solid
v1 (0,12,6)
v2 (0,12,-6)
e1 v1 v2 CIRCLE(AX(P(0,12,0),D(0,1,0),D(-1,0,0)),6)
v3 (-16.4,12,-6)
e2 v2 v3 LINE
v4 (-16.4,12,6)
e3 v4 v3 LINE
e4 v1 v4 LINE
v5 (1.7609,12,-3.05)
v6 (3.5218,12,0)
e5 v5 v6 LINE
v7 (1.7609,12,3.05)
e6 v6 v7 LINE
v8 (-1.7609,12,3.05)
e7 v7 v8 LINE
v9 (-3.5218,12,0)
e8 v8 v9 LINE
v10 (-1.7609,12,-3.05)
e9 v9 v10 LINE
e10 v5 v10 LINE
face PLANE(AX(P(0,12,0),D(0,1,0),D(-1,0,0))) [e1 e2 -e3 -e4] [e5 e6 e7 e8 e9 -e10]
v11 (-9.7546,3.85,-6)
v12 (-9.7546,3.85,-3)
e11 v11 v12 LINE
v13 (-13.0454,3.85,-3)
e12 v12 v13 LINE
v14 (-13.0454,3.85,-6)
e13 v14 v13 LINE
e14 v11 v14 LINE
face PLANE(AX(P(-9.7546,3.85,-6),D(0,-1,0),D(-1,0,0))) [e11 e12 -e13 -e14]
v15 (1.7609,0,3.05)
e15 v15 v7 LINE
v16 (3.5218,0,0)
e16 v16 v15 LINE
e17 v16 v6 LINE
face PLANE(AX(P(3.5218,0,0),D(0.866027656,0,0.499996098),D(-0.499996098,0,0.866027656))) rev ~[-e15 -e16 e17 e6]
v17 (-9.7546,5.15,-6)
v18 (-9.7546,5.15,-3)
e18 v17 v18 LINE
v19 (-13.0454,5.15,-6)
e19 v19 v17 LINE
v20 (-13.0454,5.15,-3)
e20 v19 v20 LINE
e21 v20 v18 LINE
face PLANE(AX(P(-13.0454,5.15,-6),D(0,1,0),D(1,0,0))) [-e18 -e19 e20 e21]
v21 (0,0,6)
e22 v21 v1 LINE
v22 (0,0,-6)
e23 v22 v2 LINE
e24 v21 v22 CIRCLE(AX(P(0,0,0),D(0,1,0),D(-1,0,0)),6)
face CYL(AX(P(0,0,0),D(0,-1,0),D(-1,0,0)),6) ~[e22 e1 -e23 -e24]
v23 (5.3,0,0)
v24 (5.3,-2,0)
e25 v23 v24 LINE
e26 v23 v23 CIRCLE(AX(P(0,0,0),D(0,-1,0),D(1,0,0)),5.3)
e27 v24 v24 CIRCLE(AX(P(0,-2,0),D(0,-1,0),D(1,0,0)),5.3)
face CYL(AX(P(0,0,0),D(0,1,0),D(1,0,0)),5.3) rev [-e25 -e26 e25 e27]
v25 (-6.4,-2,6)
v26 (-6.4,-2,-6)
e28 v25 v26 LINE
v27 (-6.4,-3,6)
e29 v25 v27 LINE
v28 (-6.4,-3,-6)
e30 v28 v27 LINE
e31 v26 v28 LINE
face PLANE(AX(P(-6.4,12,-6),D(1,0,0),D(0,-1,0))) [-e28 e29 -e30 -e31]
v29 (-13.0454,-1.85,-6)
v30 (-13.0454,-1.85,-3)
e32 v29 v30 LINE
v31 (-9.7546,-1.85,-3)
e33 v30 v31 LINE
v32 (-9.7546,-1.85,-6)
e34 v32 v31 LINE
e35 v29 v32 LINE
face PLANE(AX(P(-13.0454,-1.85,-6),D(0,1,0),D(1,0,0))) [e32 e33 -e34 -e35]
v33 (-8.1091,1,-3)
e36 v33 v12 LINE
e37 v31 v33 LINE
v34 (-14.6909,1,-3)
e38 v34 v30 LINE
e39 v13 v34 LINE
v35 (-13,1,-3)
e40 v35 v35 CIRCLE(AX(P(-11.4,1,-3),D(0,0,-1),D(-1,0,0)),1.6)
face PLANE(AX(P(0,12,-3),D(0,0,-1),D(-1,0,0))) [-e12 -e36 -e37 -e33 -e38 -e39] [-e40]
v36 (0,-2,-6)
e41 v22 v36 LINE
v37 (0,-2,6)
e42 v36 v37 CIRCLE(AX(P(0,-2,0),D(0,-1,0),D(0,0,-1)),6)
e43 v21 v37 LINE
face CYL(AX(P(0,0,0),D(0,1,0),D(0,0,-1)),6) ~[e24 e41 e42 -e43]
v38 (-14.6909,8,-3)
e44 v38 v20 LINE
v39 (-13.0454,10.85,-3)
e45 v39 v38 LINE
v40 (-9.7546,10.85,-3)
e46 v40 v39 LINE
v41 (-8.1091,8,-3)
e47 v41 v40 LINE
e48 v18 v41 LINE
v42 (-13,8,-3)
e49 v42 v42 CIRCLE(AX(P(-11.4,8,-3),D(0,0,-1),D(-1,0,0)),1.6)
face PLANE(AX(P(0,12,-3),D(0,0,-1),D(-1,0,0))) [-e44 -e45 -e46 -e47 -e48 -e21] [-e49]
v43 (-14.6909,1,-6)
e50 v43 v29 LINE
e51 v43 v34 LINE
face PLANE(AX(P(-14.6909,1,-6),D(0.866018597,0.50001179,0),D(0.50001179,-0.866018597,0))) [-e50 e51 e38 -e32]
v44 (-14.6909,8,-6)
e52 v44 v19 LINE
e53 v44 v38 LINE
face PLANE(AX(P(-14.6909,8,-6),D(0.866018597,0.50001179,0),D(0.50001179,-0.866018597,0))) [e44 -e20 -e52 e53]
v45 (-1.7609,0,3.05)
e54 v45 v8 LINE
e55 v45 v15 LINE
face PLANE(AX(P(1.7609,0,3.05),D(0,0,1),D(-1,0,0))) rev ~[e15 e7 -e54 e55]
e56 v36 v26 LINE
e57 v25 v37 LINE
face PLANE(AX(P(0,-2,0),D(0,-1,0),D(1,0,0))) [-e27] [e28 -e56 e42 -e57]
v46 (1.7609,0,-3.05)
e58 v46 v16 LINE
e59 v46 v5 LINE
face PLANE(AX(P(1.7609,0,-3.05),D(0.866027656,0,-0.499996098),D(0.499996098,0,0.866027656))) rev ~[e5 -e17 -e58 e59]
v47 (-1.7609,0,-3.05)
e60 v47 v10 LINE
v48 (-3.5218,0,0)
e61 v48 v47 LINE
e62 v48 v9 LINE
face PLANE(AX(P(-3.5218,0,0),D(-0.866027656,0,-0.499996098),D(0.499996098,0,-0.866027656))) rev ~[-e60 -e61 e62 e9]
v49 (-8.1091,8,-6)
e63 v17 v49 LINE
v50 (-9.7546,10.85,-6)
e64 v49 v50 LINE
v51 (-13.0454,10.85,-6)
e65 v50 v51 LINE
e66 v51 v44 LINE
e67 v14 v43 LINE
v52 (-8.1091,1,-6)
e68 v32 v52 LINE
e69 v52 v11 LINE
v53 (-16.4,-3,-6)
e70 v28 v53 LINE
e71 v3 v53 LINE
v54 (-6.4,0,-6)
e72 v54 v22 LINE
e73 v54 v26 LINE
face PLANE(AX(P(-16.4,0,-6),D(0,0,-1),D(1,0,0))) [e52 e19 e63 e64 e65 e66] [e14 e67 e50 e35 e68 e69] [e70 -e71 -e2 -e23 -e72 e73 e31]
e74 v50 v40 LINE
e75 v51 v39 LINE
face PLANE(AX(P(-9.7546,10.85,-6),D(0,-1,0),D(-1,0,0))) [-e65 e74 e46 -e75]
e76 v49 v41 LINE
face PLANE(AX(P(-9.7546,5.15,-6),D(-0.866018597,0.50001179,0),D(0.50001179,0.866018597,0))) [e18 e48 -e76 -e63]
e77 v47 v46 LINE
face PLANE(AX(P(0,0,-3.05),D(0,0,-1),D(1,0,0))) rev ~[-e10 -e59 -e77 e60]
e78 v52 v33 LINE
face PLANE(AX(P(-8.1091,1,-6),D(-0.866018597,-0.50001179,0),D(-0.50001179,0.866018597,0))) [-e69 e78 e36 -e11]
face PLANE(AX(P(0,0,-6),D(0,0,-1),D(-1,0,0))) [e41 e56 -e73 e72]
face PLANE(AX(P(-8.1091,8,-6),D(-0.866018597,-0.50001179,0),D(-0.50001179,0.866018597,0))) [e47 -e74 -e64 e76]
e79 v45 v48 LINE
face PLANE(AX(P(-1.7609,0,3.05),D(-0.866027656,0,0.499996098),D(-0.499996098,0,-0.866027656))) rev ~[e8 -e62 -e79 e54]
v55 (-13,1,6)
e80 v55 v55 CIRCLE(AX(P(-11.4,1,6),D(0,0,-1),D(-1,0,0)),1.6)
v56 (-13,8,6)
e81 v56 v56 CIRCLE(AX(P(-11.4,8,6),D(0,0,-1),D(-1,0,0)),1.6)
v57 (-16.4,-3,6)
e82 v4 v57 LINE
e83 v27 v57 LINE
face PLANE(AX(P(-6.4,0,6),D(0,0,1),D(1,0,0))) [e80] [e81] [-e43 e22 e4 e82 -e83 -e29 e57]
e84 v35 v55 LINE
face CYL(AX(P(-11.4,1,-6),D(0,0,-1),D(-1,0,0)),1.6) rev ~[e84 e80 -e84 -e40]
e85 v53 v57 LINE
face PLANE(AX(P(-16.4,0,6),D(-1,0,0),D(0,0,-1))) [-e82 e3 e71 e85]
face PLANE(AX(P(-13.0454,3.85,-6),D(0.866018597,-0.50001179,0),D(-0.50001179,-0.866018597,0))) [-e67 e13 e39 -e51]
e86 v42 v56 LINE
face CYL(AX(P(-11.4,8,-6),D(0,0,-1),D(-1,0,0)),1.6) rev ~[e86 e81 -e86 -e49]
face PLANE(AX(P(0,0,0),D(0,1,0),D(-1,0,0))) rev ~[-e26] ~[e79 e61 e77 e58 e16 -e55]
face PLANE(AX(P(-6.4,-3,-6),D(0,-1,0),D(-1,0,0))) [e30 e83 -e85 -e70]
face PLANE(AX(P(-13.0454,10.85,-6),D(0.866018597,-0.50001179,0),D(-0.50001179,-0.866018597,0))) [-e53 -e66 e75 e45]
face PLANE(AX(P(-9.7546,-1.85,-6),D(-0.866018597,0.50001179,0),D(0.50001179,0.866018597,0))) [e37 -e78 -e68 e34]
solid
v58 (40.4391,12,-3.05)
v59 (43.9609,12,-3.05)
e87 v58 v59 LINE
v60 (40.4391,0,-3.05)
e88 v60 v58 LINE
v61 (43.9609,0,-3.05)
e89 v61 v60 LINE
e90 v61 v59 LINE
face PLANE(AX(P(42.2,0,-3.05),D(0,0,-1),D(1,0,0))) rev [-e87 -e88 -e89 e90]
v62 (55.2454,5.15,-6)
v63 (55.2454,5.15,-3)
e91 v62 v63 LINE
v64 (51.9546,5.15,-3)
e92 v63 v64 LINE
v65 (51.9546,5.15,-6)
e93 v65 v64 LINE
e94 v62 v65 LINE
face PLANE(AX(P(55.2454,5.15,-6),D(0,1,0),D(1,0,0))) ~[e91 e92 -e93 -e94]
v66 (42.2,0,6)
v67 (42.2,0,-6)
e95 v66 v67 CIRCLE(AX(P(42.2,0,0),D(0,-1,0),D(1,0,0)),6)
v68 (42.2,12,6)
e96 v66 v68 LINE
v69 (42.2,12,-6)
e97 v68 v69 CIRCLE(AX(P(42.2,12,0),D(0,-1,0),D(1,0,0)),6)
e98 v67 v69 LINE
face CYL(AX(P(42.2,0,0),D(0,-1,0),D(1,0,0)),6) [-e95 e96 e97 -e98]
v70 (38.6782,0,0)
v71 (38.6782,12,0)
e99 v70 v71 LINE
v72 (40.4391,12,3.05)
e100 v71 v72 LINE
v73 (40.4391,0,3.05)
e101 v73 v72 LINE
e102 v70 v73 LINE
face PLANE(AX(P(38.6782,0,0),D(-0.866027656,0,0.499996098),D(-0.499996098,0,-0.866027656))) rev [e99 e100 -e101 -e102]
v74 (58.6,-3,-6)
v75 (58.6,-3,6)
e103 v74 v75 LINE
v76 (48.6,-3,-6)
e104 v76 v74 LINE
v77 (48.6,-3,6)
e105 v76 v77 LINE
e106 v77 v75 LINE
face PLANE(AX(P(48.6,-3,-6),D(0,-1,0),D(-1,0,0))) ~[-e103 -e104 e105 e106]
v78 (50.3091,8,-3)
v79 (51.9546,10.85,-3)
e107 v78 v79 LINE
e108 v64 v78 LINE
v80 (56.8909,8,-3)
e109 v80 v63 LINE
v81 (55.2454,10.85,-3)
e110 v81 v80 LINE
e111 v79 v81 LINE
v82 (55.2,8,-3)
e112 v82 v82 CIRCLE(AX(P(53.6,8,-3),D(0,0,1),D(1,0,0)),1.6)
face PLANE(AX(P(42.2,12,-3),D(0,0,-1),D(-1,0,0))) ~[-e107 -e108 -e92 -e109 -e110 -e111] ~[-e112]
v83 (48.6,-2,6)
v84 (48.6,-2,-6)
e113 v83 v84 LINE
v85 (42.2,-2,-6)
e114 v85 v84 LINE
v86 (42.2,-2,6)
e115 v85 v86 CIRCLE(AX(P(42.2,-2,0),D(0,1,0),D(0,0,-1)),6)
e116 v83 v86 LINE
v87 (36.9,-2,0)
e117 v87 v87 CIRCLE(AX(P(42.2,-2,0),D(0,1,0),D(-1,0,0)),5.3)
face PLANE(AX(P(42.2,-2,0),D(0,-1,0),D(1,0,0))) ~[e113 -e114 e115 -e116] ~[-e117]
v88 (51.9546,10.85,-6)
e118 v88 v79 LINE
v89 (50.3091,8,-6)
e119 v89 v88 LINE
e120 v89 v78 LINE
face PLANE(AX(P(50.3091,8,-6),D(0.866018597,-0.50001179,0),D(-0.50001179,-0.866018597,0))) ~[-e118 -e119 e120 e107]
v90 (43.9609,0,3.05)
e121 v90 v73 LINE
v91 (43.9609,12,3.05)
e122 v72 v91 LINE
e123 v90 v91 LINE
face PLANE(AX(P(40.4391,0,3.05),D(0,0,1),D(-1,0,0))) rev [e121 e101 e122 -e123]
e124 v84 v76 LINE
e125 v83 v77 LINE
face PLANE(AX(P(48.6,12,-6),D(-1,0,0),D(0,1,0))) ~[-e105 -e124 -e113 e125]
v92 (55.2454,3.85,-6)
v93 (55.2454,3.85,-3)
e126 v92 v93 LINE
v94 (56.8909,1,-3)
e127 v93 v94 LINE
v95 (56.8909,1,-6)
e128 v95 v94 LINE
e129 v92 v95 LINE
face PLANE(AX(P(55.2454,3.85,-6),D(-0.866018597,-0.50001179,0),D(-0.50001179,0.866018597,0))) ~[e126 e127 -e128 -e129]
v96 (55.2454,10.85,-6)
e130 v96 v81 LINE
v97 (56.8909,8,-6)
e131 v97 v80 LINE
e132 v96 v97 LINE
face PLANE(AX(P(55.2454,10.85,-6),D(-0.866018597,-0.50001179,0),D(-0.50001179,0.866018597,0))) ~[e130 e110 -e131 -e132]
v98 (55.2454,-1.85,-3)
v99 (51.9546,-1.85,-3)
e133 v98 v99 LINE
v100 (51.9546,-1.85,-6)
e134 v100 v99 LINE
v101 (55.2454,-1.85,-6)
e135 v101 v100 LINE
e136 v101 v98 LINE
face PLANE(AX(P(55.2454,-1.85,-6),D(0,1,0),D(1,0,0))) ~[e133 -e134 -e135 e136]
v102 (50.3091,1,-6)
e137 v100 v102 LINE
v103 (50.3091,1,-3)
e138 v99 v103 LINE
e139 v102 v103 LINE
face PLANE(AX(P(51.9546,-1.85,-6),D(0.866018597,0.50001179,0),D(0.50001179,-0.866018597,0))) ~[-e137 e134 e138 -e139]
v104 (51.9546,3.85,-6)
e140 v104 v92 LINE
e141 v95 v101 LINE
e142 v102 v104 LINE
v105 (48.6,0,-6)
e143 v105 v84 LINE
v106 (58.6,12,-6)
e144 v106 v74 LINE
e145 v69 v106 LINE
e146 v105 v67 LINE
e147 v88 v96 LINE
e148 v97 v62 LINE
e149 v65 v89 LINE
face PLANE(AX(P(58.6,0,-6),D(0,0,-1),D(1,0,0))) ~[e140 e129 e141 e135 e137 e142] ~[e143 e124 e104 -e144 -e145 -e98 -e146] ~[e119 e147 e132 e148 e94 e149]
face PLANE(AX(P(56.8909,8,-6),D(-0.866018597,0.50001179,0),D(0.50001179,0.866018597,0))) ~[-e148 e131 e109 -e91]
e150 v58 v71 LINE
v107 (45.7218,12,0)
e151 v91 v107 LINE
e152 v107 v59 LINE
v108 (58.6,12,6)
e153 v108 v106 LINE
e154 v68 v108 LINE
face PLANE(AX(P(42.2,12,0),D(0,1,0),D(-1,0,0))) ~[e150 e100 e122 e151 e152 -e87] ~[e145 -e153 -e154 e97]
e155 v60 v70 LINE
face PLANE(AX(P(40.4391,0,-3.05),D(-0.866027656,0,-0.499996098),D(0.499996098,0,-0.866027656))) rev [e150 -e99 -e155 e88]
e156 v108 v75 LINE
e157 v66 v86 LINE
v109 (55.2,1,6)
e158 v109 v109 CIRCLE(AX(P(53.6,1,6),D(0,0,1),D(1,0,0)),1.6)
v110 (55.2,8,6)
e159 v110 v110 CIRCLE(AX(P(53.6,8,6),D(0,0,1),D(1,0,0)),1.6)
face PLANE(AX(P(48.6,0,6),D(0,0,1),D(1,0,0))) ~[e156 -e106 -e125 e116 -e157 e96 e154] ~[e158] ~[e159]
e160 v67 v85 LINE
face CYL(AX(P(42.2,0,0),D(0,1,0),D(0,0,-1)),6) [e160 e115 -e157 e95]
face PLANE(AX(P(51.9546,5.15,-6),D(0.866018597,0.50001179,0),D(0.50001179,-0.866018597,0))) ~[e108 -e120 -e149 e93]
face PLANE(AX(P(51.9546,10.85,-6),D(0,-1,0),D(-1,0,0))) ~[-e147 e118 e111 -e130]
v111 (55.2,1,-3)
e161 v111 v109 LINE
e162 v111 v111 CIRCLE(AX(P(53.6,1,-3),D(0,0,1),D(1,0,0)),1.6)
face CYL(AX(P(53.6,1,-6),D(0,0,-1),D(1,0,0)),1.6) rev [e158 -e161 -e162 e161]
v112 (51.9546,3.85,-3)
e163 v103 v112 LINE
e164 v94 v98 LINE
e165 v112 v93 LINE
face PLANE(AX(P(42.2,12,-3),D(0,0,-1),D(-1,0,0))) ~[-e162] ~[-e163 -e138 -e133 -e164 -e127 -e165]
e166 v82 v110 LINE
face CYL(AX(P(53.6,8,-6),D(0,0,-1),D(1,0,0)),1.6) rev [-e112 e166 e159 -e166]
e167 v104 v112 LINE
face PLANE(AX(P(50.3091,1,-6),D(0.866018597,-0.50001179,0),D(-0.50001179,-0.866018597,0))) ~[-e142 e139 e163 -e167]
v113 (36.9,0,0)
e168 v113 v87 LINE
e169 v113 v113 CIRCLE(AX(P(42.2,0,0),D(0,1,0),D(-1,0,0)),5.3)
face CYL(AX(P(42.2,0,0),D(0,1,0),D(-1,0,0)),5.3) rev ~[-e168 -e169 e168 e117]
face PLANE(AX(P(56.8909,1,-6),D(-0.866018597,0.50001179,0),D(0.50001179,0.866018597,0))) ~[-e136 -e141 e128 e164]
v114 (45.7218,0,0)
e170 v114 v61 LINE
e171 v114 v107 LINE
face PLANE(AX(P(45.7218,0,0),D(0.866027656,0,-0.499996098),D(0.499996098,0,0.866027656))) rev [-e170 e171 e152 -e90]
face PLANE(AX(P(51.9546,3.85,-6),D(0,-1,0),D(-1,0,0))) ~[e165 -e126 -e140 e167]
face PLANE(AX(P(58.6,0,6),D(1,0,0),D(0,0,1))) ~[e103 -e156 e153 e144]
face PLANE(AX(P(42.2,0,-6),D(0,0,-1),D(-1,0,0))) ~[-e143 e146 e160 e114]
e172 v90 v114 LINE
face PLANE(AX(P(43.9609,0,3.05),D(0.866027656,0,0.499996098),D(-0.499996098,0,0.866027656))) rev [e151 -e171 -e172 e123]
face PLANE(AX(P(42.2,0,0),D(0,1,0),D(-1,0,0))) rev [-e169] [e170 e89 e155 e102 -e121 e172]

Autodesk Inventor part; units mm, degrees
ref_plane "YZ Plane" through (0, 0, 0) normal (1, 0, 0) x (0, 1, 0)
ref_plane "XZ Plane" through (0, 0, 0) normal (0, 1, 0) x (-1, 0, 0)
sketch "スケッチ1" plane through (0, 0, 0) normal (0, 1, 0) x (-1, 0, 0)
  line L0 (-3.5218, 0) -> (-1.7609, 3.05)
  line L1 (-1.7609, 3.05) -> (1.7609, 3.05)
  line L2 (1.7609, 3.05) -> (3.5218, 0)
  line L3 (3.5218, 0) -> (1.7609, -3.05)
  line L4 (1.7609, -3.05) -> (-1.7609, -3.05)
  line L5 (-1.7609, -3.05) -> (-3.5218, 0)
  circle A0 centre (0, 0) radius 6
  line L6 (0, 6) -> (16.4, 6)
  line L7 (16.4, 6) -> (16.4, -6)
  line L8 (16.4, -6) -> (0, -6)
  line L9 (0, -6) -> (0, 6)
  point P0 (0, -6)
  dimension "d1" = 12
  dimension "d0" = 6.1
  dimension "d2" = 16.4
extrude "押し出し1" add sketch "スケッチ1" along normal blind 12 contours L5 L4 L9 A0 L1 L0 | L9 A0 L4 L3 L2 L1 | L6 L7 L8 A0
sketch "スケッチ2" plane through (0, 0, -6) normal (0, 0, -1) x (-1, 0, 0)
  line L0 (0, 12) -> (16.4, 12) projected
  line L1 (16.4, 12) -> (6.4, 12)
  line L2 (6.4, 12) -> (6.4, -3)
  line L3 (6.4, -3) -> (16.4, -3)
  line L4 (16.4, -3) -> (16.4, 12)
  point P0 (0, 0)
  dimension "d5" = 10
  dimension "d6" = 15
extrude "押し出し2" add sketch "スケッチ2" against normal up to surface (12 mm away)
sketch "スケッチ3" plane through (0, 12, -6) normal (0, 0, -1) x (-1, 0, 0)
  line L0 (14.6909, -4) -> (13.0454, -6.85)
  line L1 (13.0454, -6.85) -> (9.7546, -6.85)
  line L2 (9.7546, -6.85) -> (8.1091, -4)
  line L3 (8.1091, -4) -> (9.7546, -1.15)
  line L4 (9.7546, -1.15) -> (13.0454, -1.15)
  line L5 (13.0454, -1.15) -> (14.6909, -4)
  line L6 (9.7546, -13.85) -> (8.1091, -11)
  line L7 (8.1091, -11) -> (9.7546, -8.15)
  line L8 (9.7546, -8.15) -> (13.0454, -8.15)
  line L9 (13.0454, -8.15) -> (14.6909, -11)
  line L10 (14.6909, -11) -> (13.0454, -13.85)
  line L11 (13.0454, -13.85) -> (9.7546, -13.85)
  line L12 (16.4, -15) -> (16.4, 0) projected
  line L13 (16.4, -7.5) -> (20.3002, -7.5)
  circle A0 centre (11.4, -4) radius 1.6
  circle A1 centre (11.4, -11) radius 1.6
  point P0 (0, -12)
  dimension "d9" = 5.7
  dimension "d10" = 3.5
  dimension "d11" = 5
  dimension "d14" = 3.2
  dimension "d15" = 3.2
extrude "押し出し3" cut sketch "スケッチ3" against normal blind 3 contours L0 L1 L2 L3 L4 L5 | L6 L7 L8 L9 L10 L11 | A0 | A1
extrude "押し出し4" cut sketch "スケッチ3" against normal through all contours A0 | A1
ref_plane "作業平面1" through (21.1, 12, -6) normal (-1, 0, 0) x (0, 0, 1)
sketch "スケッチ4" plane through (0, 0, 0) normal (0, -1, 0) x (1, 0, 0)
  circle A0 centre (0, 0) radius 5.3
  line L0 (1.7609, 3.05) -> (-1.7609, 3.05) projected
  line L1 (3.5218, 0) -> (1.7609, 3.05) projected
  line L2 (1.7609, -3.05) -> (3.5218, 0) projected
  line L3 (-1.7609, -3.05) -> (1.7609, -3.05) projected
  line L4 (-3.5218, 0) -> (-1.7609, -3.05) projected
  line L5 (-1.7609, 3.05) -> (-3.5218, 0) projected
  line L6 (-6.4, 6) -> (-6.4, -6) projected
  line L7 (0, -6) -> (-6.4, -6) projected
  arc A1 (0, -6) -> (0, 6) centre (0, 0) ccw projected
  line L8 (-6.4, 6) -> (0, 6) projected
  dimension "d19" = 10.6
extrude "押し出し5" add sketch "スケッチ4" along normal blind 2 contours L8 A1 L7 L6
mirror "ミラー2" about plane through (21.1, 12, -6) normal (-1, 0, 0)
properties part number "wheel_setter"
